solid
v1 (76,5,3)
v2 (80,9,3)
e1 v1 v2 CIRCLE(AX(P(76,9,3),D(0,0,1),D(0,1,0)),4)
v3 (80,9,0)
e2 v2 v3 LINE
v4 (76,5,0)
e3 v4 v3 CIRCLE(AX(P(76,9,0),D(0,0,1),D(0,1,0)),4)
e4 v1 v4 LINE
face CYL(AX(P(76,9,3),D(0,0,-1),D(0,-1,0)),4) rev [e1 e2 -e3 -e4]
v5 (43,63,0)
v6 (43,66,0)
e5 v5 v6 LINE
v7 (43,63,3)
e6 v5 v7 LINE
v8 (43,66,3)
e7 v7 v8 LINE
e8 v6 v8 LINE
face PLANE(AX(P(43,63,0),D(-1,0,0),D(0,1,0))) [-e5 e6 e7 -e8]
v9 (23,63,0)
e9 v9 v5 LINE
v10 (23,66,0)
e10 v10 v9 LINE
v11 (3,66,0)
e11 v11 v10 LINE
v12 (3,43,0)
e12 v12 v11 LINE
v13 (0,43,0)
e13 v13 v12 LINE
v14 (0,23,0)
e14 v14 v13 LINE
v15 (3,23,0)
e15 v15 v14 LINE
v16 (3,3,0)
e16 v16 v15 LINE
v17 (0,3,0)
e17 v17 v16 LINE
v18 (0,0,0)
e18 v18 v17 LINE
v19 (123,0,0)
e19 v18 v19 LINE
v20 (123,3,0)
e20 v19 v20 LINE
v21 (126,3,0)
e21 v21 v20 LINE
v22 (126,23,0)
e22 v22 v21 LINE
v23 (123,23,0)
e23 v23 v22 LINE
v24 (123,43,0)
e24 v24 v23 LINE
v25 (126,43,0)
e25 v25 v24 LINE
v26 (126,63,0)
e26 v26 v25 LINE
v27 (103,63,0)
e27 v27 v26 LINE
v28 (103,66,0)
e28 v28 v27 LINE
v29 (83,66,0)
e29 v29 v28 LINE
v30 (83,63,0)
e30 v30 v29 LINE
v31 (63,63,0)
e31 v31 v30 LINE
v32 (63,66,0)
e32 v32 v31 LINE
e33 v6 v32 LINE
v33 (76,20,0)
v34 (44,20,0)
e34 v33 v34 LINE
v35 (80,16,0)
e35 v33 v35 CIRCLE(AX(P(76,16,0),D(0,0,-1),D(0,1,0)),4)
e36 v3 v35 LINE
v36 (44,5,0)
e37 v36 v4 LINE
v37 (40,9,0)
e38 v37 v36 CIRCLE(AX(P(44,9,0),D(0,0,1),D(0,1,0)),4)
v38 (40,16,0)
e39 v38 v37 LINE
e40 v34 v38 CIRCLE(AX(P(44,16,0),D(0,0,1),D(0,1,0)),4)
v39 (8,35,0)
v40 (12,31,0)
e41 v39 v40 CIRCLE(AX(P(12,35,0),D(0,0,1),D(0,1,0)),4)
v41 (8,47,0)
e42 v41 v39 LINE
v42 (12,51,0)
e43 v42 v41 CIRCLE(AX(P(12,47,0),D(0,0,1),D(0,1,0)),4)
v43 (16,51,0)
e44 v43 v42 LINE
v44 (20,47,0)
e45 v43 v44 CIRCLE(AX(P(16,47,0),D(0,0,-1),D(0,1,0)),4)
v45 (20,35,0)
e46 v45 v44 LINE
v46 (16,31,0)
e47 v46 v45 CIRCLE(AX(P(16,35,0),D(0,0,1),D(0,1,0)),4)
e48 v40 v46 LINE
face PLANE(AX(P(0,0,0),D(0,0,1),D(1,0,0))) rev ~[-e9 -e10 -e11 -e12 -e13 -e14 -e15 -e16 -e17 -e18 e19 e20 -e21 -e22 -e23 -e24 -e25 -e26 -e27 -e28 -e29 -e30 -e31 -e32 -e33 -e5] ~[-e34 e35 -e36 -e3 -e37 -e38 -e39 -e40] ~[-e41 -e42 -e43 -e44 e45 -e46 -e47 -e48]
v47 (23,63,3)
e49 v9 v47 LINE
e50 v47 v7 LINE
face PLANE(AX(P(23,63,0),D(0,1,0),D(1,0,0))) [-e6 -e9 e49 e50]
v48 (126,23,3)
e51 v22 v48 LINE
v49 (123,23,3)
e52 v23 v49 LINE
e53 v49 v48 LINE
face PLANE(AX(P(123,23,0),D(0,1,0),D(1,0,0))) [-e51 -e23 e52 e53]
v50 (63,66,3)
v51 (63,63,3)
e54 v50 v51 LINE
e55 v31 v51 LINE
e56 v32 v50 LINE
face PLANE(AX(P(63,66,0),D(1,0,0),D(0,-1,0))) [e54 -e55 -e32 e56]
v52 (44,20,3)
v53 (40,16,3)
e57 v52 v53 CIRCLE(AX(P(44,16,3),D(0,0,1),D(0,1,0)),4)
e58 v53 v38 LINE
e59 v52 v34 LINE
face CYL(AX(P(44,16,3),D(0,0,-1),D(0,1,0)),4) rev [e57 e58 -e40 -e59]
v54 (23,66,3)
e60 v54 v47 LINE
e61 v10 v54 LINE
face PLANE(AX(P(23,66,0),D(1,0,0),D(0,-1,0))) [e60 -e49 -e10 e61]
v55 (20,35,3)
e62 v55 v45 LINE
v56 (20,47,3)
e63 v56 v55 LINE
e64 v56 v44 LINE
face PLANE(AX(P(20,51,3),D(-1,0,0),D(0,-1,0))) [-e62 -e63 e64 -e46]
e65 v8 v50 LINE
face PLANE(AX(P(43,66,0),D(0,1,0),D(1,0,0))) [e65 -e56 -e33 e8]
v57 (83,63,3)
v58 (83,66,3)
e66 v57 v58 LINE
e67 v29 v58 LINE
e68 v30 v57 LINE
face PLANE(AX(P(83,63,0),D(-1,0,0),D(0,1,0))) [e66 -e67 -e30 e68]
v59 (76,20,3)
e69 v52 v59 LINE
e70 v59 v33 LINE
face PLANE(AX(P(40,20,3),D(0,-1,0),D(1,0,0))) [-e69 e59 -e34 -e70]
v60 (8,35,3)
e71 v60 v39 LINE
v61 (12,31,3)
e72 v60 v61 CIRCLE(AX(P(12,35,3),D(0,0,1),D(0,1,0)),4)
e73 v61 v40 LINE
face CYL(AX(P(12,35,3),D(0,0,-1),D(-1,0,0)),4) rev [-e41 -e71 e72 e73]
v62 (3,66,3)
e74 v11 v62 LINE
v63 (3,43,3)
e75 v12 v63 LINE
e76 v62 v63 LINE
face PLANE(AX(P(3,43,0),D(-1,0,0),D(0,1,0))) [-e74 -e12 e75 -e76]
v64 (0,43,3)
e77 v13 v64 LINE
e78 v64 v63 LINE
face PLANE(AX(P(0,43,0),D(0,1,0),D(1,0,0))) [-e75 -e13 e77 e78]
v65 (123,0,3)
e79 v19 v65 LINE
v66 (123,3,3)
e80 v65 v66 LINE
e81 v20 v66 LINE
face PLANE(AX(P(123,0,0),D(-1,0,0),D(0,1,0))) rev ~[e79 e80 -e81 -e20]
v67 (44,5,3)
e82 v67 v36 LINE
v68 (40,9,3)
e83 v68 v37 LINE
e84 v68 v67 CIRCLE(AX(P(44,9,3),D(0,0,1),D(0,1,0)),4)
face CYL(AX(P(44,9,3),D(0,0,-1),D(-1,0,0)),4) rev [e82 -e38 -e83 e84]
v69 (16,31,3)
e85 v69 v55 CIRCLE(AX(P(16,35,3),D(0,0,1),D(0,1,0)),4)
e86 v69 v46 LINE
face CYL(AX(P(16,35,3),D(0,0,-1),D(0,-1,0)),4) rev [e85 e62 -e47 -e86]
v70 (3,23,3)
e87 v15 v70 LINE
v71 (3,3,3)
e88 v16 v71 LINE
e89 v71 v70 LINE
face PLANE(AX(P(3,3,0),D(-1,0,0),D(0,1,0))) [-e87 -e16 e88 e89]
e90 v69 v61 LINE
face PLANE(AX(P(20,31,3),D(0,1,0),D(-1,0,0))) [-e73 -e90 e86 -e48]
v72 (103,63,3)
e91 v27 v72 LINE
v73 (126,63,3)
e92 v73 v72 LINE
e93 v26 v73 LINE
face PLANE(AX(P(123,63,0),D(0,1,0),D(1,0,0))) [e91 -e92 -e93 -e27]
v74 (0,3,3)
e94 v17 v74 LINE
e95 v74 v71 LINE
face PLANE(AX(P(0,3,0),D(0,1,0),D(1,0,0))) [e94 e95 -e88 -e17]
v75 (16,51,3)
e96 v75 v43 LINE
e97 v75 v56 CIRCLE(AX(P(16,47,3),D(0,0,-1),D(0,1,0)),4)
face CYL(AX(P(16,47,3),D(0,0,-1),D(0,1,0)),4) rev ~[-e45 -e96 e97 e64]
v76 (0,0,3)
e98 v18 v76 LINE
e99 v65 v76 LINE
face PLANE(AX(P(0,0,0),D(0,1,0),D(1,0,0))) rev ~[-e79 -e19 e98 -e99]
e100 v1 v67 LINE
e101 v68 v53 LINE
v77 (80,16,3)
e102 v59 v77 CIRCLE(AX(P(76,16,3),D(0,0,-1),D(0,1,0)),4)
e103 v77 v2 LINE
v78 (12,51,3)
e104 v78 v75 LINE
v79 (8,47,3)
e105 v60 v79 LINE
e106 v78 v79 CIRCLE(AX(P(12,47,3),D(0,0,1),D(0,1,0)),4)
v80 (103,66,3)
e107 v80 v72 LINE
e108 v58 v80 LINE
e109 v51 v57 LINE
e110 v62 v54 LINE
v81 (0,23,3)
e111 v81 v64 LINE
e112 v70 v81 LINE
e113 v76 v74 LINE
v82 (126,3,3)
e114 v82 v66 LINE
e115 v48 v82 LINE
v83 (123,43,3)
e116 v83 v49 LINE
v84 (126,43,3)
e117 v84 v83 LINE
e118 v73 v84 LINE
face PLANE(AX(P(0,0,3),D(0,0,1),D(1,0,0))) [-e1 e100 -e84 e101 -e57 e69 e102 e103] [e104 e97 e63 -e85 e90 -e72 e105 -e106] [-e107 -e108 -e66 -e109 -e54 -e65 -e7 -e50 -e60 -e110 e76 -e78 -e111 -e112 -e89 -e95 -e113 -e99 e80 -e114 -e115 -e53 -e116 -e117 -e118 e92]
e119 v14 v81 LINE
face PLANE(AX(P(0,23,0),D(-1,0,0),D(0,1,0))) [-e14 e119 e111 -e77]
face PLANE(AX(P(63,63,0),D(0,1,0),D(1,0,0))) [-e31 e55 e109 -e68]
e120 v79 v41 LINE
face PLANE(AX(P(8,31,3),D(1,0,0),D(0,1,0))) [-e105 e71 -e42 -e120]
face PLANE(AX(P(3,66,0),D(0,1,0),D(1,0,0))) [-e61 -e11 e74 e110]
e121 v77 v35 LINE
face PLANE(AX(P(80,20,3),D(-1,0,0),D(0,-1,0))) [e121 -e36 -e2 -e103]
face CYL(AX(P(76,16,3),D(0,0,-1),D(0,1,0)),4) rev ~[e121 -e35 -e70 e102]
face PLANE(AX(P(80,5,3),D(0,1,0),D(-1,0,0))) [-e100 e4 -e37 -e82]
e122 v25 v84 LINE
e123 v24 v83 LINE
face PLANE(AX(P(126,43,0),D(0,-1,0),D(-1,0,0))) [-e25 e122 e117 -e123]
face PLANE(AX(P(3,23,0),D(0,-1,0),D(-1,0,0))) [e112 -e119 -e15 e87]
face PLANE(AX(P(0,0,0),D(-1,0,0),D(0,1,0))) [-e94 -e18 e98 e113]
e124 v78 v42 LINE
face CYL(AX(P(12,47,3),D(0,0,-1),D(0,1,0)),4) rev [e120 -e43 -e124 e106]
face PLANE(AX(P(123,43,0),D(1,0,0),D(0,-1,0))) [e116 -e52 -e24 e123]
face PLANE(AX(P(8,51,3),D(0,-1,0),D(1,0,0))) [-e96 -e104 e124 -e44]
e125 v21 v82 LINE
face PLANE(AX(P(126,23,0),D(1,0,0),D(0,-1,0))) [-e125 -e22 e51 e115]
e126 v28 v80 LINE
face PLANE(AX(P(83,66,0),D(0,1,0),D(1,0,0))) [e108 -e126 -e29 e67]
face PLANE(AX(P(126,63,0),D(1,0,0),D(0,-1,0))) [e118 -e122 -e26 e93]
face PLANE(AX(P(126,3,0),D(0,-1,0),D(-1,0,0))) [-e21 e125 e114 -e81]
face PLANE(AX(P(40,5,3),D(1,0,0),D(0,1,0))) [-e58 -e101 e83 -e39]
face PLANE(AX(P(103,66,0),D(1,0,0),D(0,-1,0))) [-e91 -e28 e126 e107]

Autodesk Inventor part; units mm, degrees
ref_plane "YZ Plane" through (0, 0, 0) normal (1, 0, 0) x (0, 1, 0)
ref_plane "XZ Plane" through (0, 0, 0) normal (0, 1, 0) x (-1, 0, 0)
ref_plane "XY Plane" through (0, 0, 0) normal (0, 0, 1) x (1, 0, 0)
sketch "Sketch1" plane through (0, 0, 0) normal (0, 0, 1) x (1, 0, 0)
  line L0 (0, 0) -> (3, 0)
  line L1 (3, 0) -> (123, 0)
  line L2 (0, 0) -> (0, 3)
  line L3 (0, 3) -> (3, 3)
  line L4 (3, 3) -> (3, 23)
  line L5 (3, 23) -> (0, 23)
  line L6 (0, 23) -> (0, 43)
  line L7 (0, 43) -> (3, 43)
  line L8 (3, 43) -> (3, 63)
  line L9 (3, 63) -> (3, 66)
  line L10 (3, 66) -> (23, 66)
  line L11 (23, 66) -> (23, 63)
  line L12 (23, 63) -> (43, 63)
  line L13 (43, 63) -> (43, 66)
  line L14 (43, 66) -> (63, 66)
  line L15 (63, 66) -> (63, 63)
  line L16 (63, 63) -> (83, 63)
  line L17 (83, 63) -> (83, 66)
  line L18 (83, 66) -> (103, 66)
  line L19 (103, 66) -> (103, 63)
  line L20 (103, 63) -> (123, 63)
  line L21 (123, 63) -> (126, 63)
  line L22 (126, 63) -> (126, 43)
  line L23 (126, 43) -> (123, 43)
  line L24 (123, 43) -> (123, 23)
  line L25 (123, 23) -> (126, 23)
  line L26 (126, 23) -> (126, 3)
  line L27 (126, 3) -> (123, 3)
  line L28 (123, 0) -> (123, 3)
  dimension "d0" = 3
  dimension "d1" = 120
  dimension "d2" = 3
  dimension "d3" = 20
  dimension "d4" = 20
  dimension "d5" = 20
  dimension "d6" = 3
  dimension "d7" = 20
  dimension "d8" = 20
  dimension "d9" = 20
  dimension "d10" = 20
  dimension "d11" = 20
  dimension "d12" = 20
  dimension "d13" = 3
  dimension "d14" = 20
  dimension "d15" = 20
  dimension "d16" = 20
extrude "Extrusion1" add sketch "Sketch1" along normal blind 3
sketch "Sketch2" plane through (0, 0, 3) normal (0, 0, 1) x (1, 0, 0)
  line L0 (40, 20) -> (80, 20)
  line L1 (80, 20) -> (80, 5)
  line L2 (80, 5) -> (40, 5)
  line L3 (40, 5) -> (40, 20)
  line L4 (0, 0) -> (123, 0) projected
  line L5 (8, 51) -> (20, 51)
  line L6 (20, 51) -> (20, 31)
  line L7 (20, 31) -> (8, 31)
  line L8 (8, 31) -> (8, 51)
  line L9 (43, 63) -> (23, 63) projected
  line L10 (3, 23) -> (3, 3) projected
  dimension "d19" = 40
  dimension "d20" = 15
  dimension "d21" = 5
  dimension "d22" = 40
  dimension "d26" = 12
  dimension "d27" = 20
  dimension "d28" = 12
  dimension "d29" = 5
extrude "Extrusion2" cut sketch "Sketch2" against normal up to next
fillet "Fillet1" radius 4 8 edges at (20, 31, 1.5) (20, 51, 1.5) (8, 51, 1.5) (8, 31, 1.5) (80, 5, 1.5) (80, 20, 1.5) (40, 20, 1.5) (40, 5, 1.5)
properties part number "ControlBoxFanFace" material "Wood (Birch)"
